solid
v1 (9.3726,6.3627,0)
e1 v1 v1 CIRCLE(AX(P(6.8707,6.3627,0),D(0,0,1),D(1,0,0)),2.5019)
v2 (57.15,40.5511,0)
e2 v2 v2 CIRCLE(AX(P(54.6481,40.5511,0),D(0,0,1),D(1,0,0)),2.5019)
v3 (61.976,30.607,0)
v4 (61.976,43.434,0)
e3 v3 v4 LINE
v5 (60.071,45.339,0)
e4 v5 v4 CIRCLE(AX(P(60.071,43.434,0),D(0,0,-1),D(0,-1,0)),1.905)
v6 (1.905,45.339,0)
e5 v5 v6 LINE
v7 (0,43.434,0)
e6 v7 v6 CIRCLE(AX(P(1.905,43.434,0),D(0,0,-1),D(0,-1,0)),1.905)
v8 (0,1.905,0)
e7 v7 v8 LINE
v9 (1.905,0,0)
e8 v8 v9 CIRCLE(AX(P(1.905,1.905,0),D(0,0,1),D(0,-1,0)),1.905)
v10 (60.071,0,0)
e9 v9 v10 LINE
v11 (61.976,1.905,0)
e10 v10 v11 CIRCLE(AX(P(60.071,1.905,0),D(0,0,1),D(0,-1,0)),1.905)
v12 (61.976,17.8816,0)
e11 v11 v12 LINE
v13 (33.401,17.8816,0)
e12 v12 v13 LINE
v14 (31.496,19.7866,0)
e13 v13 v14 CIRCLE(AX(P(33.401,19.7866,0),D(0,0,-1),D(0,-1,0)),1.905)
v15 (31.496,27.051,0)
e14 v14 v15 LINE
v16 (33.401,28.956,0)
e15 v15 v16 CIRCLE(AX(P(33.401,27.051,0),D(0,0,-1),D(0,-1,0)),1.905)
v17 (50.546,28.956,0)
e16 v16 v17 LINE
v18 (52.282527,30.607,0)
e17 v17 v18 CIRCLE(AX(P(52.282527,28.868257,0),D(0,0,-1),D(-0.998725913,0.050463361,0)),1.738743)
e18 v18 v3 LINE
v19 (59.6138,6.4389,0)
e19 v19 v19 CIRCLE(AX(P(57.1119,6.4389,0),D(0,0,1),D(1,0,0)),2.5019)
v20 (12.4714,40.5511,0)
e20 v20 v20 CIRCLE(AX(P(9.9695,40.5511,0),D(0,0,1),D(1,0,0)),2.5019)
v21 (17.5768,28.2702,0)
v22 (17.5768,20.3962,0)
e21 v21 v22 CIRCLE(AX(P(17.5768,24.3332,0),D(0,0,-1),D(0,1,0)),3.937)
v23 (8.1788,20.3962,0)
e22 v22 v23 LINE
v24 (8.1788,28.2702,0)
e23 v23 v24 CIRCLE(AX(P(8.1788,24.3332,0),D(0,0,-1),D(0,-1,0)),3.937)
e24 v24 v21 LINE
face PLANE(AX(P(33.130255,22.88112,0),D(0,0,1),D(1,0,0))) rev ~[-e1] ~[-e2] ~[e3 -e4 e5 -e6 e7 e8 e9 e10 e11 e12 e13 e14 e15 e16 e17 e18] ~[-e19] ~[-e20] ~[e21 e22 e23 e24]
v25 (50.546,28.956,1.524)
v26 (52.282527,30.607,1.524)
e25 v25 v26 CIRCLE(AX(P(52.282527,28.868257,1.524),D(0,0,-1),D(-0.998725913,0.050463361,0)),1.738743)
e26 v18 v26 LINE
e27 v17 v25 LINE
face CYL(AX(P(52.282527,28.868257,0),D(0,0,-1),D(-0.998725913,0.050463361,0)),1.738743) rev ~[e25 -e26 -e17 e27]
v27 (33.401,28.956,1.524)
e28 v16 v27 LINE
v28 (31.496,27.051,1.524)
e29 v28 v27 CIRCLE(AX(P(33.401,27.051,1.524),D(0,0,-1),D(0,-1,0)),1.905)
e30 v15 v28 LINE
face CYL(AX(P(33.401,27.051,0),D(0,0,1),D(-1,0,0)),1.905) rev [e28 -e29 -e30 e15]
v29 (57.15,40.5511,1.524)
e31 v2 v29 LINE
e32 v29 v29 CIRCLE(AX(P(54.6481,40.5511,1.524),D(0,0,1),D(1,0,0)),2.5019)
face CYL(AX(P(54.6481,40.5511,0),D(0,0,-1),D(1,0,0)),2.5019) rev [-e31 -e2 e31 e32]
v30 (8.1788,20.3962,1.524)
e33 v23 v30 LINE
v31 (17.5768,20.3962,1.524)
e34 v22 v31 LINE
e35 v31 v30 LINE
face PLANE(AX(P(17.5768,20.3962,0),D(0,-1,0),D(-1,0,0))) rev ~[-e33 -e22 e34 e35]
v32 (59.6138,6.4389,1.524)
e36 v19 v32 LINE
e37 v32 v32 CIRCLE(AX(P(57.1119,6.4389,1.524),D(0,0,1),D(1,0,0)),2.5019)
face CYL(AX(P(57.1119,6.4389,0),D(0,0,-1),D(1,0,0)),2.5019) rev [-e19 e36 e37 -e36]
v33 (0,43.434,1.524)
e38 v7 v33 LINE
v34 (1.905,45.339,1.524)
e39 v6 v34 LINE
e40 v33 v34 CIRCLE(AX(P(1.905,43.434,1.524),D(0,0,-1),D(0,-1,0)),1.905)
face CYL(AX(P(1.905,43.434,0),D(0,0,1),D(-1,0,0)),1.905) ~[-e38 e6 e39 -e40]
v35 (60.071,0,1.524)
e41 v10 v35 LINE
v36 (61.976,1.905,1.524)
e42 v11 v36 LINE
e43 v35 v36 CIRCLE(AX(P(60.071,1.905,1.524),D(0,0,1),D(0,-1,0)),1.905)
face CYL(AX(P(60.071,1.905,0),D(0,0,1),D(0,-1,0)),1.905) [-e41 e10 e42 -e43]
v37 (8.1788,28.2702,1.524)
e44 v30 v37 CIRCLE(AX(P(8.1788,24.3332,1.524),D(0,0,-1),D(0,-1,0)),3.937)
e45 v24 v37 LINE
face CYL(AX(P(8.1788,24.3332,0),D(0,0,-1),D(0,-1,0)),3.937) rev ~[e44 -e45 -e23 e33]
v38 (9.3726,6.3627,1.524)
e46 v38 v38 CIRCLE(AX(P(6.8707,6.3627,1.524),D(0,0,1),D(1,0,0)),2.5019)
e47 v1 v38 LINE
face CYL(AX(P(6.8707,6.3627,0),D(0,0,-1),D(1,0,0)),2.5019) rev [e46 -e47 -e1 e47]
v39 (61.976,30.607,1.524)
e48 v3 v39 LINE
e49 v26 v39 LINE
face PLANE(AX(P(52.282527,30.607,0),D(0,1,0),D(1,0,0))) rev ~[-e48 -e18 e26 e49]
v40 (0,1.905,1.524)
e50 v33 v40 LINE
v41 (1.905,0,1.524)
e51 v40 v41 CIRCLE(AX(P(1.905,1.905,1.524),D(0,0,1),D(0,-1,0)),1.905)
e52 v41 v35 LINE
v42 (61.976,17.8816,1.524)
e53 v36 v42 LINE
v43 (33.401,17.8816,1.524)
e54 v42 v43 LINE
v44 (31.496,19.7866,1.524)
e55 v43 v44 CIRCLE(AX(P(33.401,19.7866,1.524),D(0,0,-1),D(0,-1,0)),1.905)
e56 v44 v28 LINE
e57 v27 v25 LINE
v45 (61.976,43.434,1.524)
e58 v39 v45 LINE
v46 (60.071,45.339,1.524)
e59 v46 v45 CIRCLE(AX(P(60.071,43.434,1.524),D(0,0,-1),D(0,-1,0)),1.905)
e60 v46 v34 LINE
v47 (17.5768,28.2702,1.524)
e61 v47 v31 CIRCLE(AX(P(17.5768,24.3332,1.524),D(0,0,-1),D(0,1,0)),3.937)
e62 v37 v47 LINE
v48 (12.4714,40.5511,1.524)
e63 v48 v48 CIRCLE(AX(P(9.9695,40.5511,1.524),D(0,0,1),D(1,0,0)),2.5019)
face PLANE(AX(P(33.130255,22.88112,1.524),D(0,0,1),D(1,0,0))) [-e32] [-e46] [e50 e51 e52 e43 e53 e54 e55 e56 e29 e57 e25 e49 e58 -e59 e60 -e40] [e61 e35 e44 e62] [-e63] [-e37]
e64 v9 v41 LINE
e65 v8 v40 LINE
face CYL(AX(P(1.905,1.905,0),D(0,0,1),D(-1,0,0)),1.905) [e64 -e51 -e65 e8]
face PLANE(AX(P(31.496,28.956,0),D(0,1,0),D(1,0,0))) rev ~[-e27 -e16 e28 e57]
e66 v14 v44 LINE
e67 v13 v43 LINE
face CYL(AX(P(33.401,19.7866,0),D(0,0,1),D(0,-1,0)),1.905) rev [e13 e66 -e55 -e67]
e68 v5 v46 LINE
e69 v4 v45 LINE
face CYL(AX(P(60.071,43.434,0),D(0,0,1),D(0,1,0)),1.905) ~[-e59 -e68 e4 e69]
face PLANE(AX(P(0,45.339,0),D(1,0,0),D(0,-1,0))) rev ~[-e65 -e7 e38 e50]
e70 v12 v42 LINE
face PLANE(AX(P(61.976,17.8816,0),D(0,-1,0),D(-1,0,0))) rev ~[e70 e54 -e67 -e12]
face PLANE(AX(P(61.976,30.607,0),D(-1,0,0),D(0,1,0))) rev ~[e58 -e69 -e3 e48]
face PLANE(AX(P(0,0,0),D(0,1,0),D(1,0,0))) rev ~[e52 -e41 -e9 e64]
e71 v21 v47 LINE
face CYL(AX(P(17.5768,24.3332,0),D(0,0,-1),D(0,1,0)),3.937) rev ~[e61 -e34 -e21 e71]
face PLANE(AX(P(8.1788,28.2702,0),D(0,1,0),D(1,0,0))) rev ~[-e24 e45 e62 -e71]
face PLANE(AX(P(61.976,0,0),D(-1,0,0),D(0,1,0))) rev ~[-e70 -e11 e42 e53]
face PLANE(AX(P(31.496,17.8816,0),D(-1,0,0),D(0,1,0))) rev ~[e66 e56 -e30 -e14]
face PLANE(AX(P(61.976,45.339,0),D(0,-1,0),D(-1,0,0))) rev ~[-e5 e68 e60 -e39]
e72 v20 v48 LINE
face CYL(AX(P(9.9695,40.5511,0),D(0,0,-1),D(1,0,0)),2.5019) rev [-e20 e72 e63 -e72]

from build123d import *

# Parameters (mm, degrees)
F0_R     = 2.5019
F1_DEPTH = 1.524
F2_R     = 1.905


with BuildPart() as f1:
    # F0 (on Top) → F1 (new body)
    with BuildSketch(Plane.XY):
        with BuildLine():
            Line((0, 45.339), (0, 0))
            Line((0, 0), (61.976, 0))
            Line((61.976, 0), (61.976, 17.8816))
            Line((61.976, 17.8816), (31.496, 17.8816))
            Line((31.496, 17.8816), (31.496, 28.956))
            Line((31.496, 28.956), (50.546, 28.956))
            ThreePointArc((50.546, 28.956), (51.084474, 30.128374), (52.282527, 30.607))
            Line((52.282527, 30.607), (61.976, 30.607))
            Line((61.976, 30.607), (61.976, 45.339))
            Line((61.976, 45.339), (0, 45.339))
        make_face()
        with Locations((6.8707, 6.3627)):
            Circle(F0_R, mode=Mode.SUBTRACT)
        with Locations((57.1119, 6.4389)):
            Circle(F0_R, mode=Mode.SUBTRACT)
        with BuildLine():
            Line((8.1788, 28.2702), (12.8778, 28.2702))
            Line((12.8778, 28.2702), (17.5768, 28.2702))
            ThreePointArc((17.5768, 28.2702), (21.5138, 24.3332), (17.5768, 20.3962))
            Line((17.5768, 20.3962), (8.1788, 20.3962))
            ThreePointArc((8.1788, 20.3962), (4.2418, 24.3332), (8.1788, 28.2702))
        make_face(mode=Mode.SUBTRACT)
        with Locations((9.9695, 40.5511)):
            Circle(F0_R, mode=Mode.SUBTRACT)
        with Locations((54.6481, 40.5511)):
            Circle(F0_R, mode=Mode.SUBTRACT)
    extrude(amount=F1_DEPTH)

    # F2
    f2_edges = [f1.edges().sort_by_distance(p)[0] for p in [
        (31.496, 28.956, 0.762),
        (31.496, 17.8816, 0.762),
        (0, 45.339, 0.762),
        (0, 0, 0.762),
        (61.976, 0, 0.762),
        (61.976, 45.339, 0.762),
    ]]
    fillet(f2_edges, radius=F2_R)


solid = f1.part
